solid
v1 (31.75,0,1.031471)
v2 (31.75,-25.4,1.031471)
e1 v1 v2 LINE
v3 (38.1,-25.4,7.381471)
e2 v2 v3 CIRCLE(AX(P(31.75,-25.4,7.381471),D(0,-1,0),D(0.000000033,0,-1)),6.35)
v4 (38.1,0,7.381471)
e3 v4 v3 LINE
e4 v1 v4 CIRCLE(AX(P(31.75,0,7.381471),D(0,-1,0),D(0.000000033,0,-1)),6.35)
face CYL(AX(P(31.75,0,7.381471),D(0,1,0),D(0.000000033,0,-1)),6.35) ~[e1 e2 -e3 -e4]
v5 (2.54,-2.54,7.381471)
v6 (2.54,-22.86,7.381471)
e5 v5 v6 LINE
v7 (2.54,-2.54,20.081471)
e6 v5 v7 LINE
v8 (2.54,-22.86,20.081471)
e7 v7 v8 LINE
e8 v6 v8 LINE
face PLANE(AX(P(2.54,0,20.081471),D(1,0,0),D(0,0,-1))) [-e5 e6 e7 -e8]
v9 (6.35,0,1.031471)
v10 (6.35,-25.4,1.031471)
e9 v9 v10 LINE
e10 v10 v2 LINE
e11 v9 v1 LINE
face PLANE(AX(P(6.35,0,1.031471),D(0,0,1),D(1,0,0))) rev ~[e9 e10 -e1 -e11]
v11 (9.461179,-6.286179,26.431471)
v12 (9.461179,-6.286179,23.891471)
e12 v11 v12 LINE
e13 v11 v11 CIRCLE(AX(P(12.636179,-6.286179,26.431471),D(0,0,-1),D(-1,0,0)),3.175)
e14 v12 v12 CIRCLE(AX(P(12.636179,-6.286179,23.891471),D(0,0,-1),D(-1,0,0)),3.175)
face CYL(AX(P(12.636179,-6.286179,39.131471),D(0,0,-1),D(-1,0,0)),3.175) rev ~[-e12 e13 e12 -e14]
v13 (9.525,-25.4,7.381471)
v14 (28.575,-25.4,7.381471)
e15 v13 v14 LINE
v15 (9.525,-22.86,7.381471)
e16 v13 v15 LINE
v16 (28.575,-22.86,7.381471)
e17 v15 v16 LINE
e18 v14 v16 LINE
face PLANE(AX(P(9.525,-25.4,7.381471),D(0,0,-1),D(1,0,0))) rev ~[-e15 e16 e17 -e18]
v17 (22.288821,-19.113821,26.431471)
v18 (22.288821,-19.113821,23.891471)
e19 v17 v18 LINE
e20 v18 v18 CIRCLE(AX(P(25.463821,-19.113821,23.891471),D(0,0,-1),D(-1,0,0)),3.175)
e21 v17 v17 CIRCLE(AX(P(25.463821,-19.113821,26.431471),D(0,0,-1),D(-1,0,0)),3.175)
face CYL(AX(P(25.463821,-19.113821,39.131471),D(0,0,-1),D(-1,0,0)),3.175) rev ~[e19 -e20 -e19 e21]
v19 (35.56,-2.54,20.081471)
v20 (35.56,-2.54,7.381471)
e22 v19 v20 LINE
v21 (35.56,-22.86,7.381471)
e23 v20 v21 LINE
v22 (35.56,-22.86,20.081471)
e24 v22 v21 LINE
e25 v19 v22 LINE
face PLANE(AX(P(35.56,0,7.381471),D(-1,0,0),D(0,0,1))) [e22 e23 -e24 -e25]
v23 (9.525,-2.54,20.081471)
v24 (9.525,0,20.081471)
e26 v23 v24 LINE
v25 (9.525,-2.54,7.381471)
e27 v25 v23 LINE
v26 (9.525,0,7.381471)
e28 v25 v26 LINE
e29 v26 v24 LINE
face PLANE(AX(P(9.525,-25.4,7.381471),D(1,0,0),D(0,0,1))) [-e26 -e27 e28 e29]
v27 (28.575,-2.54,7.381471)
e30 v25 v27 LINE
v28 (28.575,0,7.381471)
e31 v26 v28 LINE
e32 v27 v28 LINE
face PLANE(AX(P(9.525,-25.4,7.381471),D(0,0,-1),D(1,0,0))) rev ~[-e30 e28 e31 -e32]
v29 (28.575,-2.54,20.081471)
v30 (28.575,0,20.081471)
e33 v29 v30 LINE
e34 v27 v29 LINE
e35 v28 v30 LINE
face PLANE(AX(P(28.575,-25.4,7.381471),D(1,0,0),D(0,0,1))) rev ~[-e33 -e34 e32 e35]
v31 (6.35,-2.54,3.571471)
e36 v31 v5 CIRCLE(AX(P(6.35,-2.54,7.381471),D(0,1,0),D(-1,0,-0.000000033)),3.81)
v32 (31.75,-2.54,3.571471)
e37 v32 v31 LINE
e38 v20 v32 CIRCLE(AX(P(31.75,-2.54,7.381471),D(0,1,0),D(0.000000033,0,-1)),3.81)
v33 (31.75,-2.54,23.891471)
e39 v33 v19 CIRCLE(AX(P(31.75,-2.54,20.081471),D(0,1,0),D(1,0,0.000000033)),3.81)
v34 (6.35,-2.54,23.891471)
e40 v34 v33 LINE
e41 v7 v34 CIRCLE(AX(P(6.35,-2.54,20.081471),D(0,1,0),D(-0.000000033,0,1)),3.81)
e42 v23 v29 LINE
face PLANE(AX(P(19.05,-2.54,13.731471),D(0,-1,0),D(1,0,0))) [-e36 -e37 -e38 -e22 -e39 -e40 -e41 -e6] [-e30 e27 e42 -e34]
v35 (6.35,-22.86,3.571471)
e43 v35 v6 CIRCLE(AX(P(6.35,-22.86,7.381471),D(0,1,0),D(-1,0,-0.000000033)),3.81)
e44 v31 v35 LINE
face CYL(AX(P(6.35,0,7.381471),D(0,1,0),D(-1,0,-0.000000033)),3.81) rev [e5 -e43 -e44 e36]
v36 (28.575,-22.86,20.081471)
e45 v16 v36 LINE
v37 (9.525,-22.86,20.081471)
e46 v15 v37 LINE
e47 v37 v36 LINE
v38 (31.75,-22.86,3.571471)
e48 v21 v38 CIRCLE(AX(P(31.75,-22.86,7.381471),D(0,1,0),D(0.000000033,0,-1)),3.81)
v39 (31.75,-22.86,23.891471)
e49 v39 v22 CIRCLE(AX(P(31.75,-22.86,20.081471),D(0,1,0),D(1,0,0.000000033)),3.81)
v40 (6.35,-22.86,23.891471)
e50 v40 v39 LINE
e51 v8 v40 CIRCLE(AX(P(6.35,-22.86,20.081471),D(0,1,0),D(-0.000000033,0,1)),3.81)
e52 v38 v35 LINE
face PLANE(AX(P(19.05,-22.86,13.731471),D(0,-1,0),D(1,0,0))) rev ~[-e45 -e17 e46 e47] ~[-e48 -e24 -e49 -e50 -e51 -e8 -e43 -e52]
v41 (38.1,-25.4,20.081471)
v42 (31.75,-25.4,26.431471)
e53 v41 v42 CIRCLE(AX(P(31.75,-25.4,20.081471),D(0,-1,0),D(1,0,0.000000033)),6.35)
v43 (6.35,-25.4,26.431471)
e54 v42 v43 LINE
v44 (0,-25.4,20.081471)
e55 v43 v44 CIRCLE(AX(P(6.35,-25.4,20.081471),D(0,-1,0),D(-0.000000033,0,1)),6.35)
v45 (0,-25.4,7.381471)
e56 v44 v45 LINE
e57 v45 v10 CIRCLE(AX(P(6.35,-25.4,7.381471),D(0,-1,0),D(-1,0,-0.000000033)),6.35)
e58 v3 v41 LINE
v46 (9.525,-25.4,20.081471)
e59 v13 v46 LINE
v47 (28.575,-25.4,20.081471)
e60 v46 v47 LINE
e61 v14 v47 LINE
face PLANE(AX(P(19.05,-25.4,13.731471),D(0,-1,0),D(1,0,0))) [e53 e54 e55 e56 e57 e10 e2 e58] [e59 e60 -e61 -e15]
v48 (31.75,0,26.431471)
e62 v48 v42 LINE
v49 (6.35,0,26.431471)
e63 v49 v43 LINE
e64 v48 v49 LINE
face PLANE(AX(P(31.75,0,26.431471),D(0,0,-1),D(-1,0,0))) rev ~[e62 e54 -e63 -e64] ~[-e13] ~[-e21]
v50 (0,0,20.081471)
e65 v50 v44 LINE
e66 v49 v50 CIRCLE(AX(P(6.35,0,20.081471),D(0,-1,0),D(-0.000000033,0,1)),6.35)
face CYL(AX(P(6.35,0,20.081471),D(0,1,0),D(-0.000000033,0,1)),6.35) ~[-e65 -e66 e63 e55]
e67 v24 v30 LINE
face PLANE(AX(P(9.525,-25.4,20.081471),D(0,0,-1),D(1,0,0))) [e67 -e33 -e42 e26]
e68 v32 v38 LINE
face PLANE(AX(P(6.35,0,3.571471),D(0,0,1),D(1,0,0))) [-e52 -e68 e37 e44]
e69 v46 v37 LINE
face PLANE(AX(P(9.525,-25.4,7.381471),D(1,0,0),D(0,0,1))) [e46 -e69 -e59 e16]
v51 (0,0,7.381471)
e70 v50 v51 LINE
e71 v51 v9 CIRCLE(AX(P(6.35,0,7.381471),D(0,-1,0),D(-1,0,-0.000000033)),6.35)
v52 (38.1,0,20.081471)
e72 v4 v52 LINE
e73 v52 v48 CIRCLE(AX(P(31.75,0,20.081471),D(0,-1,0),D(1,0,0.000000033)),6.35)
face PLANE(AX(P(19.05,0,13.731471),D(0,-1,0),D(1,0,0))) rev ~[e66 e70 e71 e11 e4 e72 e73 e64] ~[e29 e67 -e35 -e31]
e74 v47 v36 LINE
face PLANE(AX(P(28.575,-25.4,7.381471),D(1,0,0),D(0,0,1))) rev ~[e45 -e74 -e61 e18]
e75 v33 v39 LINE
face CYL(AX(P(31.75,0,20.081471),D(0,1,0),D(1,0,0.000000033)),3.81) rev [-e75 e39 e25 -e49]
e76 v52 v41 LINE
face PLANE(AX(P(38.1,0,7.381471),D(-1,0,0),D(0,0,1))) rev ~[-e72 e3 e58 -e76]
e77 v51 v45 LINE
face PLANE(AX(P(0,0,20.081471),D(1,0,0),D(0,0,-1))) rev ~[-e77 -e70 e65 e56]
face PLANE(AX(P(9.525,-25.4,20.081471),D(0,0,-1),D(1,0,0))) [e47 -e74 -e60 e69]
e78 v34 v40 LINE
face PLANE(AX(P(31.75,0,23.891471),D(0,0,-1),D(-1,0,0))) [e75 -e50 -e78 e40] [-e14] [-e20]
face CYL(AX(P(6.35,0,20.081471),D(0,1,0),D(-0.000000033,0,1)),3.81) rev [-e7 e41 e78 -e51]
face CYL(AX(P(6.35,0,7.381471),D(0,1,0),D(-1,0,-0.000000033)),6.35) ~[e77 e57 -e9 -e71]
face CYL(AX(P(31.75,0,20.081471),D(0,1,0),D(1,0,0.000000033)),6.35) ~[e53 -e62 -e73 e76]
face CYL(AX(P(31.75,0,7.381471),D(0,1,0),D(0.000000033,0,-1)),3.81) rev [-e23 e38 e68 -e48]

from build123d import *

# Parameters (mm, degrees)
F1_DEPTH = 25.4
F2_W     = 19.05
F2_H     = 12.7
F3_DEPTH = 25.401
F4_T     = -2.54
F6_D     = 6.35
F6_DEPTH = 12.7


with BuildPart() as f1:
    # F0 (on Front) → F1 (new body)
    with BuildSketch(Plane.XZ):
        with BuildLine():
            ThreePointArc((0, 7.381471), (1.859872, 2.891343), (6.35, 1.031471))
            Line((6.35, 1.031471), (31.75, 1.031471))
            ThreePointArc((31.75, 1.031471), (36.240128, 2.891343), (38.1, 7.381471))
            Line((38.1, 7.381471), (38.1, 20.081471))
            ThreePointArc((38.1, 20.081471), (36.240128, 24.571599), (31.75, 26.431471))
            Line((31.75, 26.431471), (6.35, 26.431471))
            ThreePointArc((6.35, 26.431471), (1.859872, 24.571599), (0, 20.081471))
            Line((0, 20.081471), (0, 7.381471))
        make_face()
    extrude(amount=F1_DEPTH)

    # F2 (on face) → F3 (cut, through all)
    with BuildSketch(Plane.XZ.offset(25.4)):
        with Locations((19.05, 13.731471)):
            Rectangle(F2_W, F2_H)
    extrude(amount=-F3_DEPTH, mode=Mode.SUBTRACT)

    # F4
    f4_openings = [f1.faces().sort_by_distance(p)[0] for p in [
        (9.525, -12.7, 13.731471),
        (19.05, -12.7, 20.081471),
        (19.05, -12.7, 7.381471),
        (28.575, -12.7, 13.731471),
    ]]
    offset(amount=F4_T, openings=f4_openings)

    # F6
    with Locations(Plane.XY.offset(26.431471)):
        with Locations((12.636179, -6.286179), (25.463821, -19.113821)):
            Hole(F6_D / 2, depth=F6_DEPTH)


solid = f1.part
